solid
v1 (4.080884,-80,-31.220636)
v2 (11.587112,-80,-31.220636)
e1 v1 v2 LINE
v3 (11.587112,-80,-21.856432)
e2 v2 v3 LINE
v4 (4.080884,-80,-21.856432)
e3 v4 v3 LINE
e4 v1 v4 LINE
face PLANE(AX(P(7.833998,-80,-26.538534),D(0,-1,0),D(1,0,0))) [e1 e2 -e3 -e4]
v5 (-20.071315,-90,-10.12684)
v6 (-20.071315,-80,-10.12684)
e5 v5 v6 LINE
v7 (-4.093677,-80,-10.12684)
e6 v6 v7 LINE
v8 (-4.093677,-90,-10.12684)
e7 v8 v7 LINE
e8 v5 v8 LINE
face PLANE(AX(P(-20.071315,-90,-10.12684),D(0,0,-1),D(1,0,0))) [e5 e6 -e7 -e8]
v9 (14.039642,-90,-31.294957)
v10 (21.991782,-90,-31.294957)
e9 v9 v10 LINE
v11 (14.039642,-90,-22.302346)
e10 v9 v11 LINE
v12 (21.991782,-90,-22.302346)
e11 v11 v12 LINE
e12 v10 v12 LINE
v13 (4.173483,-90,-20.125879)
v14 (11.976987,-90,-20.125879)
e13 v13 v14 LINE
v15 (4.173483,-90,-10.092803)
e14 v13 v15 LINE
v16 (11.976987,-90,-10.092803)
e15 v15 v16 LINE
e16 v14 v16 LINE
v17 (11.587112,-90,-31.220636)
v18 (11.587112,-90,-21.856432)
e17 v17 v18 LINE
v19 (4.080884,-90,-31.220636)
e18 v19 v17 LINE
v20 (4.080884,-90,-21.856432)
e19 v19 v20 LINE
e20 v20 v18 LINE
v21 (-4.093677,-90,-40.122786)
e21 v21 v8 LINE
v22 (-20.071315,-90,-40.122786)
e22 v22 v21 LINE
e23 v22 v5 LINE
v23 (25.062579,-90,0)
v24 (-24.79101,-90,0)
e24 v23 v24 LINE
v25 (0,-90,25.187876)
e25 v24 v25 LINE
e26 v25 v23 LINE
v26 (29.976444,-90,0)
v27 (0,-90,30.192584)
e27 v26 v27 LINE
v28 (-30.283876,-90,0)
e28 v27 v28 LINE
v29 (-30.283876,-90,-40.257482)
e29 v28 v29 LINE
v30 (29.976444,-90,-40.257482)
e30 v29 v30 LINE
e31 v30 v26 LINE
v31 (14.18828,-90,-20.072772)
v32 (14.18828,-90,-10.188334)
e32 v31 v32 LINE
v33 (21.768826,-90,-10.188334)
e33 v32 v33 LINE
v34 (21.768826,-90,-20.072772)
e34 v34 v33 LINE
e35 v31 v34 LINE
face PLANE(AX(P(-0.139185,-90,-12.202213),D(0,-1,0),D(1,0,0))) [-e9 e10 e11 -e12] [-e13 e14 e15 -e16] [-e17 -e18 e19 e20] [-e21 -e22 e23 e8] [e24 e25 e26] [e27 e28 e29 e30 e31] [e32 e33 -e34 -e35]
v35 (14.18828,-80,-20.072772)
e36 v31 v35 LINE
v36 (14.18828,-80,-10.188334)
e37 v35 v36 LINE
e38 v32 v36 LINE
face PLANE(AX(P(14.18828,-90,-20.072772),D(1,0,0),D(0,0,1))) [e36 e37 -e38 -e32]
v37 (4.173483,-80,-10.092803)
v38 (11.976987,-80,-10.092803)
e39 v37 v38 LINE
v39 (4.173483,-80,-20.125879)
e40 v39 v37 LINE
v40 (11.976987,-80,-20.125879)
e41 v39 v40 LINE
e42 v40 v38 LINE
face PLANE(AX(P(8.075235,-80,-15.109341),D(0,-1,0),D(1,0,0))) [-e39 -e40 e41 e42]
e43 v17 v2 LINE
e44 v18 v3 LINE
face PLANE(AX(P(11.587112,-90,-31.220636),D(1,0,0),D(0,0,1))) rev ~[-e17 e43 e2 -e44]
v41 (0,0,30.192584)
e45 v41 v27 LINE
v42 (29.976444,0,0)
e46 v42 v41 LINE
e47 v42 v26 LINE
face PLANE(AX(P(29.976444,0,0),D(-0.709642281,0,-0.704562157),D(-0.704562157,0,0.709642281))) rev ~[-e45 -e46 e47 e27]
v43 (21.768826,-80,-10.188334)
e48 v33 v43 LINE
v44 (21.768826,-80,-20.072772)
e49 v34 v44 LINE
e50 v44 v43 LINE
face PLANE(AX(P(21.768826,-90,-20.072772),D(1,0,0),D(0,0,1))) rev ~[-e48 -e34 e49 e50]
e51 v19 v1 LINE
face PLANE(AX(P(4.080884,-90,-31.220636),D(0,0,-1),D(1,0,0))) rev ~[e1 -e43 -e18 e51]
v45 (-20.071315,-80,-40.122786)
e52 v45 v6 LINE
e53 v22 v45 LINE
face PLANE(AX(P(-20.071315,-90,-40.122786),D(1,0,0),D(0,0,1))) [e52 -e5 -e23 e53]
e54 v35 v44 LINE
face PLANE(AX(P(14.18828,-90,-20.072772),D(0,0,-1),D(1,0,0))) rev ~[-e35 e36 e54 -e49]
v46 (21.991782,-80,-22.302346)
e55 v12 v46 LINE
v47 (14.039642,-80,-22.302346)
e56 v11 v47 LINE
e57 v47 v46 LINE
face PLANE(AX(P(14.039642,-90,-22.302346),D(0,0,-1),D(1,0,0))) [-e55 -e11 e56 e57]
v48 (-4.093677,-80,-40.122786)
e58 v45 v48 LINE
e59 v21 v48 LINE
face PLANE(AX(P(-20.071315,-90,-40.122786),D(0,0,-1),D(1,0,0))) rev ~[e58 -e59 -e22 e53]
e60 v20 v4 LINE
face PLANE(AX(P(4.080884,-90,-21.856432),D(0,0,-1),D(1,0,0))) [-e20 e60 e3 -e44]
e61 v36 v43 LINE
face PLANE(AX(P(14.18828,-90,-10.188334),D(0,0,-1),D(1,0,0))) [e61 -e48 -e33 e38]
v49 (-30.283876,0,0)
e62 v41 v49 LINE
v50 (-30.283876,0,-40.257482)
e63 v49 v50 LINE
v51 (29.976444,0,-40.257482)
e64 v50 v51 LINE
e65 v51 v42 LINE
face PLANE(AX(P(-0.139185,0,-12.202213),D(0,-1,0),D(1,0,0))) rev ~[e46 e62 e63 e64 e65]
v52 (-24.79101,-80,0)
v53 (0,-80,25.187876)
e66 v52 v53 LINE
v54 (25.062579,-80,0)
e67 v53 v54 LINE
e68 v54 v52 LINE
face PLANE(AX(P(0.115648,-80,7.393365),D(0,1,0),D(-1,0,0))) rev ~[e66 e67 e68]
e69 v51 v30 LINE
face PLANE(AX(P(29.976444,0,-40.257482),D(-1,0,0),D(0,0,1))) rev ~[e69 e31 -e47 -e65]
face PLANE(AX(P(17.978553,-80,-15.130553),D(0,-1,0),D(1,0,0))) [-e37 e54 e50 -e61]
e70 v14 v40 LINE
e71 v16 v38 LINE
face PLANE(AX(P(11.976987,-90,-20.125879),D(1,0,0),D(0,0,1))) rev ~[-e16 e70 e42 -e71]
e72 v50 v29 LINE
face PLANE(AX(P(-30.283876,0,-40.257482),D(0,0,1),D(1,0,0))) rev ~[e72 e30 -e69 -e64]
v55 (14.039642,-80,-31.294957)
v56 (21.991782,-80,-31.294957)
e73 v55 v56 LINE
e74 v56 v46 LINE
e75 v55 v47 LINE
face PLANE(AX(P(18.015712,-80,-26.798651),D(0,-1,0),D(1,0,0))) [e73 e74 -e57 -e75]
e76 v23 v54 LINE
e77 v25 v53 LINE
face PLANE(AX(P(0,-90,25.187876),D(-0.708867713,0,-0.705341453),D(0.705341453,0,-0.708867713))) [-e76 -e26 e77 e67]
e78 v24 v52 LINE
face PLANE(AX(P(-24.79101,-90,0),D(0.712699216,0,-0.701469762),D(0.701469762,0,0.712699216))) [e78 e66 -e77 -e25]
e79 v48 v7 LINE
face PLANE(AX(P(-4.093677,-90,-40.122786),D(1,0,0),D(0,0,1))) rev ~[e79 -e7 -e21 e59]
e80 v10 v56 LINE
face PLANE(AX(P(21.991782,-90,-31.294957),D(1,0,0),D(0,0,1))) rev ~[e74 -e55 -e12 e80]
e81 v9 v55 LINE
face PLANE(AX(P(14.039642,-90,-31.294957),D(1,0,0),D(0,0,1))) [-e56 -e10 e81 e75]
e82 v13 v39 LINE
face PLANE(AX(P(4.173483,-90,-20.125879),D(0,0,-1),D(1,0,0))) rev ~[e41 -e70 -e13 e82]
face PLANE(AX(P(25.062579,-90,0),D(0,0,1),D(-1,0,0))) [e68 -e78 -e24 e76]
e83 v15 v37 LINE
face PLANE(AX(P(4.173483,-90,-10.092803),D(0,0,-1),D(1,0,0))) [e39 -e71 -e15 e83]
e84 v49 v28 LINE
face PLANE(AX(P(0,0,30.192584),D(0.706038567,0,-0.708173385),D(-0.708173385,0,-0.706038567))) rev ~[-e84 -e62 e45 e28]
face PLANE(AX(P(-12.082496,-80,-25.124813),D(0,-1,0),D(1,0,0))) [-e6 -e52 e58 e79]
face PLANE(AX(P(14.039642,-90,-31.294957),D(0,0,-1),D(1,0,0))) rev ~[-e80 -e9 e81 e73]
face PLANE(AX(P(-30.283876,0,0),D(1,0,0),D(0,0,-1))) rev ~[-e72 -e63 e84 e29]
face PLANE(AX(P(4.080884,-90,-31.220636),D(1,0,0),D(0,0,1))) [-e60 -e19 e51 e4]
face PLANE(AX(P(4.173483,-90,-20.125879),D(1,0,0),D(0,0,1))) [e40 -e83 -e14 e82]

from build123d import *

# Parameters (mm, degrees)
PAD_DEPTH       = 90
POCKET_DEPTH    = 10
SKETCH002_W     = 15.977638
SKETCH002_H     = 29.995947
POCKET001_DEPTH = 10
SKETCH003_W     = 7.803505
SKETCH003_H     = 10.033076
POCKET002_DEPTH = 10
SKETCH004_W     = 7.580546
SKETCH004_H     = 9.884439
SKETCH004_W_2   = 7.506227
SKETCH004_H_2   = 9.364204
SKETCH004_W_3   = 7.952141
SKETCH004_H_3   = 8.992611
POCKET003_DEPTH = 10


with BuildPart() as part:
    # Sketch → Pad (new body)
    with BuildSketch(Plane.XZ):
        Polygon((0, 30.192584), (-30.283876, 0), (-30.283876, -40.257482), (29.976444, -40.257482), (29.976444, 0), align=None)
    extrude(amount=PAD_DEPTH)

    # Sketch001 (on Face7 of Pad) → Pocket (cut)
    with BuildSketch(Plane.XZ.offset(90)):
        Polygon((0, 25.187876), (25.062579, 0), (-24.79101, 0), align=None)
    extrude(amount=-POCKET_DEPTH, mode=Mode.SUBTRACT)

    # Sketch002 (on Face5 of Pocket) → Pocket001 (cut)
    with BuildSketch(Plane.XZ.offset(90)):
        with Locations((-12.082496, -25.124813)):
            Rectangle(SKETCH002_W, SKETCH002_H)
    extrude(amount=-POCKET001_DEPTH, mode=Mode.SUBTRACT)

    # Sketch003 (on Face5 of Pocket001) → Pocket002 (cut)
    with BuildSketch(Plane.XZ.offset(90)):
        with Locations((8.075235, -15.109341)):
            Rectangle(SKETCH003_W, SKETCH003_H)
    extrude(amount=-POCKET002_DEPTH, mode=Mode.SUBTRACT)

    # Sketch004 (on Face5 of Pocket002) → Pocket003 (cut)
    with BuildSketch(Plane.XZ.offset(90)):
        with Locations((17.978553, -15.130553)):
            Rectangle(SKETCH004_W, SKETCH004_H)
        with Locations((7.833998, -26.538534)):
            Rectangle(SKETCH004_W_2, SKETCH004_H_2)
        with Locations((18.015712, -26.798651)):
            Rectangle(SKETCH004_W_3, SKETCH004_H_3)
    extrude(amount=-POCKET003_DEPTH, mode=Mode.SUBTRACT)


solid = part.part
